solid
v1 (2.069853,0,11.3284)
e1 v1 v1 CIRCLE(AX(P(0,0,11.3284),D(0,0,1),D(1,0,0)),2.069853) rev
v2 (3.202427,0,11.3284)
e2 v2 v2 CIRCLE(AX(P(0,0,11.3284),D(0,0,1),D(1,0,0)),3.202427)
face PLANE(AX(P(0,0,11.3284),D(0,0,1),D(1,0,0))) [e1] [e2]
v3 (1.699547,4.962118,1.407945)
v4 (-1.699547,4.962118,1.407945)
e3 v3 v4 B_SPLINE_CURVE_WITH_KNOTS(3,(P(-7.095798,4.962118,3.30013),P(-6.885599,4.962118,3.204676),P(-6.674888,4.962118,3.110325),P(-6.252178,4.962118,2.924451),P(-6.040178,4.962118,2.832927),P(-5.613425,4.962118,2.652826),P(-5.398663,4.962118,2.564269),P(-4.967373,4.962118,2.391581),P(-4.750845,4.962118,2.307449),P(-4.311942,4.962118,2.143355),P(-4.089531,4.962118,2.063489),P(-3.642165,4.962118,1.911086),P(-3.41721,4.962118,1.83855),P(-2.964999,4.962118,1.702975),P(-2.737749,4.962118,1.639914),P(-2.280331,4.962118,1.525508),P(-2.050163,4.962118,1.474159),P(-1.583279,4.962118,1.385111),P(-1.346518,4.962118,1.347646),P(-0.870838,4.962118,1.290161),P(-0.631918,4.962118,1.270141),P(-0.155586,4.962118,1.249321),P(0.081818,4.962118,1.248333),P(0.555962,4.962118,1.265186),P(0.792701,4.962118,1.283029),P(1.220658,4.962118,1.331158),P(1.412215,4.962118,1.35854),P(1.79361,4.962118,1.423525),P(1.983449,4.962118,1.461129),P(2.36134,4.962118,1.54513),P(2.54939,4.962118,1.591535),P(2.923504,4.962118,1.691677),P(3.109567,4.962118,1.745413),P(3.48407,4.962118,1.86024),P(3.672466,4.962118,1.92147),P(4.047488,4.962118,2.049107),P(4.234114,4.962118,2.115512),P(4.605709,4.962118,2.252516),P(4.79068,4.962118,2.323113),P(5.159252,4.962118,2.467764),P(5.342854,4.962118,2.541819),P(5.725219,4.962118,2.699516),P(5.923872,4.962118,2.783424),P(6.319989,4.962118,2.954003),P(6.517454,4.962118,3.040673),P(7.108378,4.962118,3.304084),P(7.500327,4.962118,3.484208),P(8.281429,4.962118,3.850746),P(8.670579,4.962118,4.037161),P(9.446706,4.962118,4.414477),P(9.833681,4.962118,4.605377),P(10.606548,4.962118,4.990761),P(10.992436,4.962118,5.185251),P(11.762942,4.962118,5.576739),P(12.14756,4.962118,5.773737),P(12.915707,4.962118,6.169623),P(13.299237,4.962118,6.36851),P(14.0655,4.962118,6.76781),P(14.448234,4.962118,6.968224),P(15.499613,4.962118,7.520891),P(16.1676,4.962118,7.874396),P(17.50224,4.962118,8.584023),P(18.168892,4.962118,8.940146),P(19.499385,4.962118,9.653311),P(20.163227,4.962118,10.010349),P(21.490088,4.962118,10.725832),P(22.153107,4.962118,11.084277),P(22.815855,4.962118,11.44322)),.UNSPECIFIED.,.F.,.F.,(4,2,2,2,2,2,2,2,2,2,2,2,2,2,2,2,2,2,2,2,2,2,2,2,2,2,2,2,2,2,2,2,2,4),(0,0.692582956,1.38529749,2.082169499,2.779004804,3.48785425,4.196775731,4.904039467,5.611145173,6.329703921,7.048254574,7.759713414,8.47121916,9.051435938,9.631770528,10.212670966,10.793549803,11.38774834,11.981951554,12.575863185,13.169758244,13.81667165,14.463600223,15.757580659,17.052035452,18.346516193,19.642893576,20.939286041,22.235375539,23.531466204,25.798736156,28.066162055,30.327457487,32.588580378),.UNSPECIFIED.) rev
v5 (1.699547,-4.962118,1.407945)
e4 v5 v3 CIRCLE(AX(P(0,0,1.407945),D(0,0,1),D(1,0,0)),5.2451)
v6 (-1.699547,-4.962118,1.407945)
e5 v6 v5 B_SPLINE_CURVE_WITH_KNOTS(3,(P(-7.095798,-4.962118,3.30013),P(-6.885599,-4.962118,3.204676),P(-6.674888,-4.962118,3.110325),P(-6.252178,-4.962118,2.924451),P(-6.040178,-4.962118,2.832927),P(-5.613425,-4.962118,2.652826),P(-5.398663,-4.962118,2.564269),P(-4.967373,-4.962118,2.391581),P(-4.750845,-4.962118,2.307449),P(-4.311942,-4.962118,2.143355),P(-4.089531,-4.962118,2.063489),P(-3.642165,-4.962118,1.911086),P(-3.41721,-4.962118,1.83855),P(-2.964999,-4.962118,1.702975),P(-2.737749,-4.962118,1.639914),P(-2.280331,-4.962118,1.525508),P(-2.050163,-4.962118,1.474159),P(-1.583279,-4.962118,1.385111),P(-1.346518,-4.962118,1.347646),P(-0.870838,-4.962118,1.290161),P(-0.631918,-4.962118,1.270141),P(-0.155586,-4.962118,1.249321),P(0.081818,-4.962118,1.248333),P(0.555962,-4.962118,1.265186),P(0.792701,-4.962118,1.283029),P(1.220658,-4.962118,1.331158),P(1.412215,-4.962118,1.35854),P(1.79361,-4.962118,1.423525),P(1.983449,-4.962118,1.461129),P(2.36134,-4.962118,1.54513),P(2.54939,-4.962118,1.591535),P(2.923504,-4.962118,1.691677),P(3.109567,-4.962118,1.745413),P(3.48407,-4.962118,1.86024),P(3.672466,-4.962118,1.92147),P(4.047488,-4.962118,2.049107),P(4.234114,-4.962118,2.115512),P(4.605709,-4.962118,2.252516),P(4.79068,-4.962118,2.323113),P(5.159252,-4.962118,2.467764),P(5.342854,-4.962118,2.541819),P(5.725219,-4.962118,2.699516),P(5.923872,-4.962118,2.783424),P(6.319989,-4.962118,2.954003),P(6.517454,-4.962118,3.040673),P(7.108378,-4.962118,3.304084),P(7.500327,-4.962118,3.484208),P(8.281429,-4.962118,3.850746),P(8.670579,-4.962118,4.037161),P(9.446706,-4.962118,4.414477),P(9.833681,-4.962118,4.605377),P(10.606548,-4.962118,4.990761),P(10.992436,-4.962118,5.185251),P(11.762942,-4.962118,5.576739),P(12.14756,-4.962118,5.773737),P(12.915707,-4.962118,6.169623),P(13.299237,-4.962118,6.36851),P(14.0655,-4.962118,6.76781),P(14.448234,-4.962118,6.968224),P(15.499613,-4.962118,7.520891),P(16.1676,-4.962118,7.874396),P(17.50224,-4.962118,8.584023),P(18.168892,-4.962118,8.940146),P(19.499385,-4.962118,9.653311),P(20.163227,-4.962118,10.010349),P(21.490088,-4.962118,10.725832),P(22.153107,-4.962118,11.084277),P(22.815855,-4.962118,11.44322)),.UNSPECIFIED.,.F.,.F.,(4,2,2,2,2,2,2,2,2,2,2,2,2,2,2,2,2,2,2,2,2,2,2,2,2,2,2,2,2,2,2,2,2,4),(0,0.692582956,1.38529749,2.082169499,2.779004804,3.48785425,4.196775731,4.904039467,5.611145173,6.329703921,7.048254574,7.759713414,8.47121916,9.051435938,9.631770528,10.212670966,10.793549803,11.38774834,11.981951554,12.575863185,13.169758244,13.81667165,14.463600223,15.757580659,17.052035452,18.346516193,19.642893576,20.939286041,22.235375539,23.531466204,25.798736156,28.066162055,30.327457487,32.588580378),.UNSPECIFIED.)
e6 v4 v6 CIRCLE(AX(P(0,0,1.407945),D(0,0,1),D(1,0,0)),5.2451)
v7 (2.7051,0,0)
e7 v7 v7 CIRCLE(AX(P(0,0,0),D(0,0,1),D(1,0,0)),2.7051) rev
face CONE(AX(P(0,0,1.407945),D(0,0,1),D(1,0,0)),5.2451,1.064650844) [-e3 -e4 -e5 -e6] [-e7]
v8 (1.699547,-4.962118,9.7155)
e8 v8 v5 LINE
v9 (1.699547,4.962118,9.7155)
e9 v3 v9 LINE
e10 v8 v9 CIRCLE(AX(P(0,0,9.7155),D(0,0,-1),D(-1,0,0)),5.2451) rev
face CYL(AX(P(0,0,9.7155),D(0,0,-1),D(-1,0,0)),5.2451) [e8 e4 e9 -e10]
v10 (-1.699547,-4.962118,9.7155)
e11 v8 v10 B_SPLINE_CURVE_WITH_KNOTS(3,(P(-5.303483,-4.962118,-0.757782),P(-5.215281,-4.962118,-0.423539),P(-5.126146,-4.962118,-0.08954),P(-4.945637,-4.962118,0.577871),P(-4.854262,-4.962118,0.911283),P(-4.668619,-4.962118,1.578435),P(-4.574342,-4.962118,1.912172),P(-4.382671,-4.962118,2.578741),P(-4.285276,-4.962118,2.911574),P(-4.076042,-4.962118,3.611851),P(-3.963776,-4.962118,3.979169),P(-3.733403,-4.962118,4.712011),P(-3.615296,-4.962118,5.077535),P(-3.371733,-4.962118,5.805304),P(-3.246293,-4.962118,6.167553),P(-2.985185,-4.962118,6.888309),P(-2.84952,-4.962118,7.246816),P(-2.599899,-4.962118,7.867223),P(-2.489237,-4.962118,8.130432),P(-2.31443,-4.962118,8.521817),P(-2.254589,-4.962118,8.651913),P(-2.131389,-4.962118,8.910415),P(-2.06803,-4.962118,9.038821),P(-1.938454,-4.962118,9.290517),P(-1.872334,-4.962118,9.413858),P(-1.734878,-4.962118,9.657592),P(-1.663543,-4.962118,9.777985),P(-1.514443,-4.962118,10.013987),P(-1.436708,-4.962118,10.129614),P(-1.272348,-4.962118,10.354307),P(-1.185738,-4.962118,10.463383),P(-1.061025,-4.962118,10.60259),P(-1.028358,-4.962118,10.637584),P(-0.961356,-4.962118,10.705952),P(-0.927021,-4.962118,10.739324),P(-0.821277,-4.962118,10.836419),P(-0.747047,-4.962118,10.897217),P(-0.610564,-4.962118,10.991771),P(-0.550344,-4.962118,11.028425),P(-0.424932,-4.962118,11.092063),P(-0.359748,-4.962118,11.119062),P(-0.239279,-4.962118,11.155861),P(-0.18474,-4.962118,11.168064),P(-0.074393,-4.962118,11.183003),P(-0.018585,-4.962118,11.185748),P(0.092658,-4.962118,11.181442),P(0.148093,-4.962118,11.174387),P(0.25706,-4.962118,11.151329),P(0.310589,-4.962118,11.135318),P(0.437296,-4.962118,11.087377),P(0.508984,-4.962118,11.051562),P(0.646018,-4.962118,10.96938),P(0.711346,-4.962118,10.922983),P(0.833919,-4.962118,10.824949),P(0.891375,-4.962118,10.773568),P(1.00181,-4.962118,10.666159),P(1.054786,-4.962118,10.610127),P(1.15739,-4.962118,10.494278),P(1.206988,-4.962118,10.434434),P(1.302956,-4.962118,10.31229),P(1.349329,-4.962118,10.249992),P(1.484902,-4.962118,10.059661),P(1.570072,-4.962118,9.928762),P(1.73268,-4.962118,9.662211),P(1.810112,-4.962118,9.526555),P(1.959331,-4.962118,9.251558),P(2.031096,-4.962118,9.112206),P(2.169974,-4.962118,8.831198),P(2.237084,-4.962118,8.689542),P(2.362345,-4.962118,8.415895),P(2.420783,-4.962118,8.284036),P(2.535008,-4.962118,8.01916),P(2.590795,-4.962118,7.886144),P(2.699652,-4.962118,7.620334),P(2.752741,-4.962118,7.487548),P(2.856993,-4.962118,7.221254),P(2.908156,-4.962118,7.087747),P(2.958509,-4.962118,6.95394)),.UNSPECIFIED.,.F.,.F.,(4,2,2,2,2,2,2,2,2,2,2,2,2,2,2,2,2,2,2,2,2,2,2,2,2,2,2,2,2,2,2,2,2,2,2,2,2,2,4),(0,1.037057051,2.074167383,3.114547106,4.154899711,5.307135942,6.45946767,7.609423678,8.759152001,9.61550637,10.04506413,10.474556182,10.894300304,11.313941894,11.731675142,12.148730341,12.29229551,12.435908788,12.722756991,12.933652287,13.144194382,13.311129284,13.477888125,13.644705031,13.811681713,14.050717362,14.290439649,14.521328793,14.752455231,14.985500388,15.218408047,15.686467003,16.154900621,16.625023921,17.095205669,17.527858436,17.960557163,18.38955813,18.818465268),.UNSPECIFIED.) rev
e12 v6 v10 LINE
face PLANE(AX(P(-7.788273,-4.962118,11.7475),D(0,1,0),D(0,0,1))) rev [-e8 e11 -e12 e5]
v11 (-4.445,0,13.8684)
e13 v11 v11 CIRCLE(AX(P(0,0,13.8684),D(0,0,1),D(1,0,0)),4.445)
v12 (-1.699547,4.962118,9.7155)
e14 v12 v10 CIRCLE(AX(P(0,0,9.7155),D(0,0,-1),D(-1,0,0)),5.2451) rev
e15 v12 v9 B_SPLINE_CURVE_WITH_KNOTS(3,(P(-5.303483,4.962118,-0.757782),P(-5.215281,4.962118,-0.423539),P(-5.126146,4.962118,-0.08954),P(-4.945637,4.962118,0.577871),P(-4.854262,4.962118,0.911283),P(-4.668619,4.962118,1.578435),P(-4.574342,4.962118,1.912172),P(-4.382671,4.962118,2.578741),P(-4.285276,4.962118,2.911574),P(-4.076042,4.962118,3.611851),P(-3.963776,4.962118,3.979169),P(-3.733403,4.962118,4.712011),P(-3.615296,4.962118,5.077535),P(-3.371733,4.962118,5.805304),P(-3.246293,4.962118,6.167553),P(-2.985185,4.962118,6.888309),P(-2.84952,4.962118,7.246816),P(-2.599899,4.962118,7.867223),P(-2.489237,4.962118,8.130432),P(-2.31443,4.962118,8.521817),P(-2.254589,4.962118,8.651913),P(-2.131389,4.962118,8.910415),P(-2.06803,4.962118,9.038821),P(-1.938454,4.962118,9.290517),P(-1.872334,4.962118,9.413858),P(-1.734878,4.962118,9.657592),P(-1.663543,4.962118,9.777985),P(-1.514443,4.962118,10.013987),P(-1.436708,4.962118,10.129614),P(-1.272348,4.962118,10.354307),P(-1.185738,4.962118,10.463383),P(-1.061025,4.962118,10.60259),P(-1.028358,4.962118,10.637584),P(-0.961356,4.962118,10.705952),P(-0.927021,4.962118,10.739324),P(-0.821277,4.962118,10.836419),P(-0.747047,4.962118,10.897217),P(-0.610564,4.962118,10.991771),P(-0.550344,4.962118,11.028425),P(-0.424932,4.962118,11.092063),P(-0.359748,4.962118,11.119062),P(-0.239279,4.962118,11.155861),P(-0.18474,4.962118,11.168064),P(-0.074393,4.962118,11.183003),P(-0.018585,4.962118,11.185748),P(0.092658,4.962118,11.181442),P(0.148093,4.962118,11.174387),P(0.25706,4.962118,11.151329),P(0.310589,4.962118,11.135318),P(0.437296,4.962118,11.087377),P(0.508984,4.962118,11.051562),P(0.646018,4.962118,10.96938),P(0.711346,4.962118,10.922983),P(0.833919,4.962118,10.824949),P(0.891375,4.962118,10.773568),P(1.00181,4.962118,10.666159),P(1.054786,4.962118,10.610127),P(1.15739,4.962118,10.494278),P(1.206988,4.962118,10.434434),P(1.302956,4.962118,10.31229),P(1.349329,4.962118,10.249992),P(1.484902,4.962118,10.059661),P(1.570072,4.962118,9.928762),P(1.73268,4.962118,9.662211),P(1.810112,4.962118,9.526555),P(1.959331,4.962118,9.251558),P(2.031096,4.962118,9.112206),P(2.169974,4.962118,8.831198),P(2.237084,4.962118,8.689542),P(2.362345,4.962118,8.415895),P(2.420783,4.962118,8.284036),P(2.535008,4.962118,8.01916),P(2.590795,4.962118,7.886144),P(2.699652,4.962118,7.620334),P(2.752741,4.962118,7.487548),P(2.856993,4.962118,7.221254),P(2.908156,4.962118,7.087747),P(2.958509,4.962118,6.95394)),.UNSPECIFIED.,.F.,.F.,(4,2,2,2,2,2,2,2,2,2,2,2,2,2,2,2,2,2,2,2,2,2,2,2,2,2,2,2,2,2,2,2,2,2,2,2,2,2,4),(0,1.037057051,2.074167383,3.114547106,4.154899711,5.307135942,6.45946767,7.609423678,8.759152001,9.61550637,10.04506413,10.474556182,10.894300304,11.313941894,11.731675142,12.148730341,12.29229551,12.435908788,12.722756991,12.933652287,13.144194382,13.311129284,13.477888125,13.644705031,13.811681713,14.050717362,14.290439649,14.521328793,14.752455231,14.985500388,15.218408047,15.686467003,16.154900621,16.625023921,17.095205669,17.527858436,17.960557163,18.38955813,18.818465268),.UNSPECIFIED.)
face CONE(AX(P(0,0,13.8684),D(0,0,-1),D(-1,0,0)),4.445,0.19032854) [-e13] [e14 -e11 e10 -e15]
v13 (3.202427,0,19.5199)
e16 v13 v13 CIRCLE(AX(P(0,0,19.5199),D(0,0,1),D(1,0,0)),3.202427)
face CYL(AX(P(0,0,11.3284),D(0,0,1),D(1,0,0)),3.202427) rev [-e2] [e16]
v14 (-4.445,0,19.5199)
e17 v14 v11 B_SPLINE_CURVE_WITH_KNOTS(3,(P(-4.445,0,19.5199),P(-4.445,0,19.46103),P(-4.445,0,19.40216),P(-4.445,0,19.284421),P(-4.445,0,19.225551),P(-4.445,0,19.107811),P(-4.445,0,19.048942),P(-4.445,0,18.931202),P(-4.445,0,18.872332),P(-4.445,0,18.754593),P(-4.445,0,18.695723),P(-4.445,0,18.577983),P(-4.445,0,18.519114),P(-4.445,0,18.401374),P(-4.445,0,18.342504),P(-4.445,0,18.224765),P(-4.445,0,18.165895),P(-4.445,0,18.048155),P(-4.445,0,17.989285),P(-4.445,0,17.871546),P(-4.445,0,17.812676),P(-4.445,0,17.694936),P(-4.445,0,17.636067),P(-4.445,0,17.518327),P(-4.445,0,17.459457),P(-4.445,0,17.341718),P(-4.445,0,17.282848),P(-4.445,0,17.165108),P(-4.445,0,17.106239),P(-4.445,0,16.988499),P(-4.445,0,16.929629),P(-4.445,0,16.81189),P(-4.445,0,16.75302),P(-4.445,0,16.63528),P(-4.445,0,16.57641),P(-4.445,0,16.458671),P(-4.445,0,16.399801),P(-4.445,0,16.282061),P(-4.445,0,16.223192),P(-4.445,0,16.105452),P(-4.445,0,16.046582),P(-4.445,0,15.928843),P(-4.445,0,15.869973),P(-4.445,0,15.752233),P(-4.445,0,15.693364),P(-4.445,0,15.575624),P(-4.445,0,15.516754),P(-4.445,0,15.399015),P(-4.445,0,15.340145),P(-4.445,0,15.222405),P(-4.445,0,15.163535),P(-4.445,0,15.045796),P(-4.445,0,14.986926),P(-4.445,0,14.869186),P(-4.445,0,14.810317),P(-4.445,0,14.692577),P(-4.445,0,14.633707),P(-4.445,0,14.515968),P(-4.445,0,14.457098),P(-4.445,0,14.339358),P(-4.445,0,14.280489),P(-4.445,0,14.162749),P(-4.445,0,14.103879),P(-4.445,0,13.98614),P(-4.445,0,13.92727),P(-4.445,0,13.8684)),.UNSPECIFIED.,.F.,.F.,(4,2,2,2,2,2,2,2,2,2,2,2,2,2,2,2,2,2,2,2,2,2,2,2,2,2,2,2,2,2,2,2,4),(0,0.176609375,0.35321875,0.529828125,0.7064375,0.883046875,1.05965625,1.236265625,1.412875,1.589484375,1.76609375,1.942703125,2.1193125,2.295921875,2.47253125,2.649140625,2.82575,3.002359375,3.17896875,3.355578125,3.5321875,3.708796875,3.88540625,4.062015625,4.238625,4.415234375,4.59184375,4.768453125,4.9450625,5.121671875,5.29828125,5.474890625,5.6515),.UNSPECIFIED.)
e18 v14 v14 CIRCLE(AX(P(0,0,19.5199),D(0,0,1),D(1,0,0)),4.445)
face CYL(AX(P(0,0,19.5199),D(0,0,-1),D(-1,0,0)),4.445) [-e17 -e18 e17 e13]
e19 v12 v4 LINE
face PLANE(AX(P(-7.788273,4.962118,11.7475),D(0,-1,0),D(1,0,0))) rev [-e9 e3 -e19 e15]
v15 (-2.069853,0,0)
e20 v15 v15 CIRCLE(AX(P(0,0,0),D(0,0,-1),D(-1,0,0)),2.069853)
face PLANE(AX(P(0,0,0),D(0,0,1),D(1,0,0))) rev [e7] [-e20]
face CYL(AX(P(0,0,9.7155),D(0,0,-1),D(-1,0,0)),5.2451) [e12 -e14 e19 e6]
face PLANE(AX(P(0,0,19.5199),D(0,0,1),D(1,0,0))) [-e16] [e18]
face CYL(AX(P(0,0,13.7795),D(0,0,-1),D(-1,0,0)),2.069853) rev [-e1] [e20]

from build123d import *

# Parameters (mm, degrees)
SKETCH1_R           = 5.2451
BOSS_EXTRUDE1_DEPTH = 9.7155
CHAMFER1_SIZE       = 2.54
CHAMFER1_SIZE2      = 1.407944991
SKETCH2_R           = 4.445
SKETCH3_R           = 4.445
BOSS_EXTRUDE2_DEPTH = 5.6515
SKETCH4_R           = 2.069853247
CUT_EXTRUDE1_DEPTH  = 13.7795
SKETCH5_OUTSIDE_W   = 17.394
SKETCH5_OUTSIDE_H   = 17.394
SKETCH5_OUTSIDE_W_2 = 15.169695532
SKETCH5_OUTSIDE_H_2 = 9.924235678
CUT_EXTRUDE2_DEPTH  = 11.7475
SKETCH6_R           = 3.20242673
CUT_EXTRUDE3_DEPTH  = 8.1915


with BuildPart() as part:
    # Sketch1 → Boss-Extrude1 (new body)
    with BuildSketch(Plane.XY):
        with Locations(Location((0, 0, 0), (0, 0, 180))):
            Circle(SKETCH1_R)
    extrude(amount=BOSS_EXTRUDE1_DEPTH)

    # Chamfer1
    chamfer1_edges = [part.edges().sort_by_distance(p)[0] for p in [
        (5.2451, 0, 0),
    ]]
    chamfer1_side = [part.faces().sort_by_distance(p)[0] for p in [
        (0, 0, 0),
    ]]
    chamfer(chamfer1_edges, length=CHAMFER1_SIZE, length2=CHAMFER1_SIZE2, reference=chamfer1_side[0])

    # Sketch2 → section 1 of loft1
    with BuildSketch(Plane.XY.offset(13.8684), mode=Mode.PRIVATE) as loft1_s1:
        Circle(SKETCH2_R)
    # loft up to a face of the part (loft1)
    loft([Face(Wire([part.edges().sort_by_distance((3.590518025, -3.823513348, 9.7155))[0]])), loft1_s1.sketch])

    # Sketch3 → Boss-Extrude2 (add)
    with BuildSketch(Plane.XY.offset(13.8684)):
        with Locations(Location((0, 0, 0), (0, 0, 180))):
            Circle(SKETCH3_R)
    extrude(amount=BOSS_EXTRUDE2_DEPTH)

    # Sketch4 → Cut-Extrude1 (cut)
    with BuildSketch(Plane(origin=(0, 0, 0), x_dir=(-1, 0, 0), z_dir=(0, 0, -1))):
        Circle(SKETCH4_R)
    extrude(amount=-CUT_EXTRUDE1_DEPTH, mode=Mode.SUBTRACT)

    # Sketch5 outside → Cut-Extrude2 (cut)
    with BuildSketch(Plane.XY):
        Rectangle(SKETCH5_OUTSIDE_W, SKETCH5_OUTSIDE_H)
        with Locations((-0.203425036, 0)):
            Rectangle(SKETCH5_OUTSIDE_W_2, SKETCH5_OUTSIDE_H_2, mode=Mode.SUBTRACT)
    extrude(amount=CUT_EXTRUDE2_DEPTH, mode=Mode.SUBTRACT)

    # Sketch6 → Cut-Extrude3 (cut)
    with BuildSketch(Plane.XY.offset(19.5199)):
        Circle(SKETCH6_R)
    extrude(amount=-CUT_EXTRUDE3_DEPTH, mode=Mode.SUBTRACT)


solid = part.part
